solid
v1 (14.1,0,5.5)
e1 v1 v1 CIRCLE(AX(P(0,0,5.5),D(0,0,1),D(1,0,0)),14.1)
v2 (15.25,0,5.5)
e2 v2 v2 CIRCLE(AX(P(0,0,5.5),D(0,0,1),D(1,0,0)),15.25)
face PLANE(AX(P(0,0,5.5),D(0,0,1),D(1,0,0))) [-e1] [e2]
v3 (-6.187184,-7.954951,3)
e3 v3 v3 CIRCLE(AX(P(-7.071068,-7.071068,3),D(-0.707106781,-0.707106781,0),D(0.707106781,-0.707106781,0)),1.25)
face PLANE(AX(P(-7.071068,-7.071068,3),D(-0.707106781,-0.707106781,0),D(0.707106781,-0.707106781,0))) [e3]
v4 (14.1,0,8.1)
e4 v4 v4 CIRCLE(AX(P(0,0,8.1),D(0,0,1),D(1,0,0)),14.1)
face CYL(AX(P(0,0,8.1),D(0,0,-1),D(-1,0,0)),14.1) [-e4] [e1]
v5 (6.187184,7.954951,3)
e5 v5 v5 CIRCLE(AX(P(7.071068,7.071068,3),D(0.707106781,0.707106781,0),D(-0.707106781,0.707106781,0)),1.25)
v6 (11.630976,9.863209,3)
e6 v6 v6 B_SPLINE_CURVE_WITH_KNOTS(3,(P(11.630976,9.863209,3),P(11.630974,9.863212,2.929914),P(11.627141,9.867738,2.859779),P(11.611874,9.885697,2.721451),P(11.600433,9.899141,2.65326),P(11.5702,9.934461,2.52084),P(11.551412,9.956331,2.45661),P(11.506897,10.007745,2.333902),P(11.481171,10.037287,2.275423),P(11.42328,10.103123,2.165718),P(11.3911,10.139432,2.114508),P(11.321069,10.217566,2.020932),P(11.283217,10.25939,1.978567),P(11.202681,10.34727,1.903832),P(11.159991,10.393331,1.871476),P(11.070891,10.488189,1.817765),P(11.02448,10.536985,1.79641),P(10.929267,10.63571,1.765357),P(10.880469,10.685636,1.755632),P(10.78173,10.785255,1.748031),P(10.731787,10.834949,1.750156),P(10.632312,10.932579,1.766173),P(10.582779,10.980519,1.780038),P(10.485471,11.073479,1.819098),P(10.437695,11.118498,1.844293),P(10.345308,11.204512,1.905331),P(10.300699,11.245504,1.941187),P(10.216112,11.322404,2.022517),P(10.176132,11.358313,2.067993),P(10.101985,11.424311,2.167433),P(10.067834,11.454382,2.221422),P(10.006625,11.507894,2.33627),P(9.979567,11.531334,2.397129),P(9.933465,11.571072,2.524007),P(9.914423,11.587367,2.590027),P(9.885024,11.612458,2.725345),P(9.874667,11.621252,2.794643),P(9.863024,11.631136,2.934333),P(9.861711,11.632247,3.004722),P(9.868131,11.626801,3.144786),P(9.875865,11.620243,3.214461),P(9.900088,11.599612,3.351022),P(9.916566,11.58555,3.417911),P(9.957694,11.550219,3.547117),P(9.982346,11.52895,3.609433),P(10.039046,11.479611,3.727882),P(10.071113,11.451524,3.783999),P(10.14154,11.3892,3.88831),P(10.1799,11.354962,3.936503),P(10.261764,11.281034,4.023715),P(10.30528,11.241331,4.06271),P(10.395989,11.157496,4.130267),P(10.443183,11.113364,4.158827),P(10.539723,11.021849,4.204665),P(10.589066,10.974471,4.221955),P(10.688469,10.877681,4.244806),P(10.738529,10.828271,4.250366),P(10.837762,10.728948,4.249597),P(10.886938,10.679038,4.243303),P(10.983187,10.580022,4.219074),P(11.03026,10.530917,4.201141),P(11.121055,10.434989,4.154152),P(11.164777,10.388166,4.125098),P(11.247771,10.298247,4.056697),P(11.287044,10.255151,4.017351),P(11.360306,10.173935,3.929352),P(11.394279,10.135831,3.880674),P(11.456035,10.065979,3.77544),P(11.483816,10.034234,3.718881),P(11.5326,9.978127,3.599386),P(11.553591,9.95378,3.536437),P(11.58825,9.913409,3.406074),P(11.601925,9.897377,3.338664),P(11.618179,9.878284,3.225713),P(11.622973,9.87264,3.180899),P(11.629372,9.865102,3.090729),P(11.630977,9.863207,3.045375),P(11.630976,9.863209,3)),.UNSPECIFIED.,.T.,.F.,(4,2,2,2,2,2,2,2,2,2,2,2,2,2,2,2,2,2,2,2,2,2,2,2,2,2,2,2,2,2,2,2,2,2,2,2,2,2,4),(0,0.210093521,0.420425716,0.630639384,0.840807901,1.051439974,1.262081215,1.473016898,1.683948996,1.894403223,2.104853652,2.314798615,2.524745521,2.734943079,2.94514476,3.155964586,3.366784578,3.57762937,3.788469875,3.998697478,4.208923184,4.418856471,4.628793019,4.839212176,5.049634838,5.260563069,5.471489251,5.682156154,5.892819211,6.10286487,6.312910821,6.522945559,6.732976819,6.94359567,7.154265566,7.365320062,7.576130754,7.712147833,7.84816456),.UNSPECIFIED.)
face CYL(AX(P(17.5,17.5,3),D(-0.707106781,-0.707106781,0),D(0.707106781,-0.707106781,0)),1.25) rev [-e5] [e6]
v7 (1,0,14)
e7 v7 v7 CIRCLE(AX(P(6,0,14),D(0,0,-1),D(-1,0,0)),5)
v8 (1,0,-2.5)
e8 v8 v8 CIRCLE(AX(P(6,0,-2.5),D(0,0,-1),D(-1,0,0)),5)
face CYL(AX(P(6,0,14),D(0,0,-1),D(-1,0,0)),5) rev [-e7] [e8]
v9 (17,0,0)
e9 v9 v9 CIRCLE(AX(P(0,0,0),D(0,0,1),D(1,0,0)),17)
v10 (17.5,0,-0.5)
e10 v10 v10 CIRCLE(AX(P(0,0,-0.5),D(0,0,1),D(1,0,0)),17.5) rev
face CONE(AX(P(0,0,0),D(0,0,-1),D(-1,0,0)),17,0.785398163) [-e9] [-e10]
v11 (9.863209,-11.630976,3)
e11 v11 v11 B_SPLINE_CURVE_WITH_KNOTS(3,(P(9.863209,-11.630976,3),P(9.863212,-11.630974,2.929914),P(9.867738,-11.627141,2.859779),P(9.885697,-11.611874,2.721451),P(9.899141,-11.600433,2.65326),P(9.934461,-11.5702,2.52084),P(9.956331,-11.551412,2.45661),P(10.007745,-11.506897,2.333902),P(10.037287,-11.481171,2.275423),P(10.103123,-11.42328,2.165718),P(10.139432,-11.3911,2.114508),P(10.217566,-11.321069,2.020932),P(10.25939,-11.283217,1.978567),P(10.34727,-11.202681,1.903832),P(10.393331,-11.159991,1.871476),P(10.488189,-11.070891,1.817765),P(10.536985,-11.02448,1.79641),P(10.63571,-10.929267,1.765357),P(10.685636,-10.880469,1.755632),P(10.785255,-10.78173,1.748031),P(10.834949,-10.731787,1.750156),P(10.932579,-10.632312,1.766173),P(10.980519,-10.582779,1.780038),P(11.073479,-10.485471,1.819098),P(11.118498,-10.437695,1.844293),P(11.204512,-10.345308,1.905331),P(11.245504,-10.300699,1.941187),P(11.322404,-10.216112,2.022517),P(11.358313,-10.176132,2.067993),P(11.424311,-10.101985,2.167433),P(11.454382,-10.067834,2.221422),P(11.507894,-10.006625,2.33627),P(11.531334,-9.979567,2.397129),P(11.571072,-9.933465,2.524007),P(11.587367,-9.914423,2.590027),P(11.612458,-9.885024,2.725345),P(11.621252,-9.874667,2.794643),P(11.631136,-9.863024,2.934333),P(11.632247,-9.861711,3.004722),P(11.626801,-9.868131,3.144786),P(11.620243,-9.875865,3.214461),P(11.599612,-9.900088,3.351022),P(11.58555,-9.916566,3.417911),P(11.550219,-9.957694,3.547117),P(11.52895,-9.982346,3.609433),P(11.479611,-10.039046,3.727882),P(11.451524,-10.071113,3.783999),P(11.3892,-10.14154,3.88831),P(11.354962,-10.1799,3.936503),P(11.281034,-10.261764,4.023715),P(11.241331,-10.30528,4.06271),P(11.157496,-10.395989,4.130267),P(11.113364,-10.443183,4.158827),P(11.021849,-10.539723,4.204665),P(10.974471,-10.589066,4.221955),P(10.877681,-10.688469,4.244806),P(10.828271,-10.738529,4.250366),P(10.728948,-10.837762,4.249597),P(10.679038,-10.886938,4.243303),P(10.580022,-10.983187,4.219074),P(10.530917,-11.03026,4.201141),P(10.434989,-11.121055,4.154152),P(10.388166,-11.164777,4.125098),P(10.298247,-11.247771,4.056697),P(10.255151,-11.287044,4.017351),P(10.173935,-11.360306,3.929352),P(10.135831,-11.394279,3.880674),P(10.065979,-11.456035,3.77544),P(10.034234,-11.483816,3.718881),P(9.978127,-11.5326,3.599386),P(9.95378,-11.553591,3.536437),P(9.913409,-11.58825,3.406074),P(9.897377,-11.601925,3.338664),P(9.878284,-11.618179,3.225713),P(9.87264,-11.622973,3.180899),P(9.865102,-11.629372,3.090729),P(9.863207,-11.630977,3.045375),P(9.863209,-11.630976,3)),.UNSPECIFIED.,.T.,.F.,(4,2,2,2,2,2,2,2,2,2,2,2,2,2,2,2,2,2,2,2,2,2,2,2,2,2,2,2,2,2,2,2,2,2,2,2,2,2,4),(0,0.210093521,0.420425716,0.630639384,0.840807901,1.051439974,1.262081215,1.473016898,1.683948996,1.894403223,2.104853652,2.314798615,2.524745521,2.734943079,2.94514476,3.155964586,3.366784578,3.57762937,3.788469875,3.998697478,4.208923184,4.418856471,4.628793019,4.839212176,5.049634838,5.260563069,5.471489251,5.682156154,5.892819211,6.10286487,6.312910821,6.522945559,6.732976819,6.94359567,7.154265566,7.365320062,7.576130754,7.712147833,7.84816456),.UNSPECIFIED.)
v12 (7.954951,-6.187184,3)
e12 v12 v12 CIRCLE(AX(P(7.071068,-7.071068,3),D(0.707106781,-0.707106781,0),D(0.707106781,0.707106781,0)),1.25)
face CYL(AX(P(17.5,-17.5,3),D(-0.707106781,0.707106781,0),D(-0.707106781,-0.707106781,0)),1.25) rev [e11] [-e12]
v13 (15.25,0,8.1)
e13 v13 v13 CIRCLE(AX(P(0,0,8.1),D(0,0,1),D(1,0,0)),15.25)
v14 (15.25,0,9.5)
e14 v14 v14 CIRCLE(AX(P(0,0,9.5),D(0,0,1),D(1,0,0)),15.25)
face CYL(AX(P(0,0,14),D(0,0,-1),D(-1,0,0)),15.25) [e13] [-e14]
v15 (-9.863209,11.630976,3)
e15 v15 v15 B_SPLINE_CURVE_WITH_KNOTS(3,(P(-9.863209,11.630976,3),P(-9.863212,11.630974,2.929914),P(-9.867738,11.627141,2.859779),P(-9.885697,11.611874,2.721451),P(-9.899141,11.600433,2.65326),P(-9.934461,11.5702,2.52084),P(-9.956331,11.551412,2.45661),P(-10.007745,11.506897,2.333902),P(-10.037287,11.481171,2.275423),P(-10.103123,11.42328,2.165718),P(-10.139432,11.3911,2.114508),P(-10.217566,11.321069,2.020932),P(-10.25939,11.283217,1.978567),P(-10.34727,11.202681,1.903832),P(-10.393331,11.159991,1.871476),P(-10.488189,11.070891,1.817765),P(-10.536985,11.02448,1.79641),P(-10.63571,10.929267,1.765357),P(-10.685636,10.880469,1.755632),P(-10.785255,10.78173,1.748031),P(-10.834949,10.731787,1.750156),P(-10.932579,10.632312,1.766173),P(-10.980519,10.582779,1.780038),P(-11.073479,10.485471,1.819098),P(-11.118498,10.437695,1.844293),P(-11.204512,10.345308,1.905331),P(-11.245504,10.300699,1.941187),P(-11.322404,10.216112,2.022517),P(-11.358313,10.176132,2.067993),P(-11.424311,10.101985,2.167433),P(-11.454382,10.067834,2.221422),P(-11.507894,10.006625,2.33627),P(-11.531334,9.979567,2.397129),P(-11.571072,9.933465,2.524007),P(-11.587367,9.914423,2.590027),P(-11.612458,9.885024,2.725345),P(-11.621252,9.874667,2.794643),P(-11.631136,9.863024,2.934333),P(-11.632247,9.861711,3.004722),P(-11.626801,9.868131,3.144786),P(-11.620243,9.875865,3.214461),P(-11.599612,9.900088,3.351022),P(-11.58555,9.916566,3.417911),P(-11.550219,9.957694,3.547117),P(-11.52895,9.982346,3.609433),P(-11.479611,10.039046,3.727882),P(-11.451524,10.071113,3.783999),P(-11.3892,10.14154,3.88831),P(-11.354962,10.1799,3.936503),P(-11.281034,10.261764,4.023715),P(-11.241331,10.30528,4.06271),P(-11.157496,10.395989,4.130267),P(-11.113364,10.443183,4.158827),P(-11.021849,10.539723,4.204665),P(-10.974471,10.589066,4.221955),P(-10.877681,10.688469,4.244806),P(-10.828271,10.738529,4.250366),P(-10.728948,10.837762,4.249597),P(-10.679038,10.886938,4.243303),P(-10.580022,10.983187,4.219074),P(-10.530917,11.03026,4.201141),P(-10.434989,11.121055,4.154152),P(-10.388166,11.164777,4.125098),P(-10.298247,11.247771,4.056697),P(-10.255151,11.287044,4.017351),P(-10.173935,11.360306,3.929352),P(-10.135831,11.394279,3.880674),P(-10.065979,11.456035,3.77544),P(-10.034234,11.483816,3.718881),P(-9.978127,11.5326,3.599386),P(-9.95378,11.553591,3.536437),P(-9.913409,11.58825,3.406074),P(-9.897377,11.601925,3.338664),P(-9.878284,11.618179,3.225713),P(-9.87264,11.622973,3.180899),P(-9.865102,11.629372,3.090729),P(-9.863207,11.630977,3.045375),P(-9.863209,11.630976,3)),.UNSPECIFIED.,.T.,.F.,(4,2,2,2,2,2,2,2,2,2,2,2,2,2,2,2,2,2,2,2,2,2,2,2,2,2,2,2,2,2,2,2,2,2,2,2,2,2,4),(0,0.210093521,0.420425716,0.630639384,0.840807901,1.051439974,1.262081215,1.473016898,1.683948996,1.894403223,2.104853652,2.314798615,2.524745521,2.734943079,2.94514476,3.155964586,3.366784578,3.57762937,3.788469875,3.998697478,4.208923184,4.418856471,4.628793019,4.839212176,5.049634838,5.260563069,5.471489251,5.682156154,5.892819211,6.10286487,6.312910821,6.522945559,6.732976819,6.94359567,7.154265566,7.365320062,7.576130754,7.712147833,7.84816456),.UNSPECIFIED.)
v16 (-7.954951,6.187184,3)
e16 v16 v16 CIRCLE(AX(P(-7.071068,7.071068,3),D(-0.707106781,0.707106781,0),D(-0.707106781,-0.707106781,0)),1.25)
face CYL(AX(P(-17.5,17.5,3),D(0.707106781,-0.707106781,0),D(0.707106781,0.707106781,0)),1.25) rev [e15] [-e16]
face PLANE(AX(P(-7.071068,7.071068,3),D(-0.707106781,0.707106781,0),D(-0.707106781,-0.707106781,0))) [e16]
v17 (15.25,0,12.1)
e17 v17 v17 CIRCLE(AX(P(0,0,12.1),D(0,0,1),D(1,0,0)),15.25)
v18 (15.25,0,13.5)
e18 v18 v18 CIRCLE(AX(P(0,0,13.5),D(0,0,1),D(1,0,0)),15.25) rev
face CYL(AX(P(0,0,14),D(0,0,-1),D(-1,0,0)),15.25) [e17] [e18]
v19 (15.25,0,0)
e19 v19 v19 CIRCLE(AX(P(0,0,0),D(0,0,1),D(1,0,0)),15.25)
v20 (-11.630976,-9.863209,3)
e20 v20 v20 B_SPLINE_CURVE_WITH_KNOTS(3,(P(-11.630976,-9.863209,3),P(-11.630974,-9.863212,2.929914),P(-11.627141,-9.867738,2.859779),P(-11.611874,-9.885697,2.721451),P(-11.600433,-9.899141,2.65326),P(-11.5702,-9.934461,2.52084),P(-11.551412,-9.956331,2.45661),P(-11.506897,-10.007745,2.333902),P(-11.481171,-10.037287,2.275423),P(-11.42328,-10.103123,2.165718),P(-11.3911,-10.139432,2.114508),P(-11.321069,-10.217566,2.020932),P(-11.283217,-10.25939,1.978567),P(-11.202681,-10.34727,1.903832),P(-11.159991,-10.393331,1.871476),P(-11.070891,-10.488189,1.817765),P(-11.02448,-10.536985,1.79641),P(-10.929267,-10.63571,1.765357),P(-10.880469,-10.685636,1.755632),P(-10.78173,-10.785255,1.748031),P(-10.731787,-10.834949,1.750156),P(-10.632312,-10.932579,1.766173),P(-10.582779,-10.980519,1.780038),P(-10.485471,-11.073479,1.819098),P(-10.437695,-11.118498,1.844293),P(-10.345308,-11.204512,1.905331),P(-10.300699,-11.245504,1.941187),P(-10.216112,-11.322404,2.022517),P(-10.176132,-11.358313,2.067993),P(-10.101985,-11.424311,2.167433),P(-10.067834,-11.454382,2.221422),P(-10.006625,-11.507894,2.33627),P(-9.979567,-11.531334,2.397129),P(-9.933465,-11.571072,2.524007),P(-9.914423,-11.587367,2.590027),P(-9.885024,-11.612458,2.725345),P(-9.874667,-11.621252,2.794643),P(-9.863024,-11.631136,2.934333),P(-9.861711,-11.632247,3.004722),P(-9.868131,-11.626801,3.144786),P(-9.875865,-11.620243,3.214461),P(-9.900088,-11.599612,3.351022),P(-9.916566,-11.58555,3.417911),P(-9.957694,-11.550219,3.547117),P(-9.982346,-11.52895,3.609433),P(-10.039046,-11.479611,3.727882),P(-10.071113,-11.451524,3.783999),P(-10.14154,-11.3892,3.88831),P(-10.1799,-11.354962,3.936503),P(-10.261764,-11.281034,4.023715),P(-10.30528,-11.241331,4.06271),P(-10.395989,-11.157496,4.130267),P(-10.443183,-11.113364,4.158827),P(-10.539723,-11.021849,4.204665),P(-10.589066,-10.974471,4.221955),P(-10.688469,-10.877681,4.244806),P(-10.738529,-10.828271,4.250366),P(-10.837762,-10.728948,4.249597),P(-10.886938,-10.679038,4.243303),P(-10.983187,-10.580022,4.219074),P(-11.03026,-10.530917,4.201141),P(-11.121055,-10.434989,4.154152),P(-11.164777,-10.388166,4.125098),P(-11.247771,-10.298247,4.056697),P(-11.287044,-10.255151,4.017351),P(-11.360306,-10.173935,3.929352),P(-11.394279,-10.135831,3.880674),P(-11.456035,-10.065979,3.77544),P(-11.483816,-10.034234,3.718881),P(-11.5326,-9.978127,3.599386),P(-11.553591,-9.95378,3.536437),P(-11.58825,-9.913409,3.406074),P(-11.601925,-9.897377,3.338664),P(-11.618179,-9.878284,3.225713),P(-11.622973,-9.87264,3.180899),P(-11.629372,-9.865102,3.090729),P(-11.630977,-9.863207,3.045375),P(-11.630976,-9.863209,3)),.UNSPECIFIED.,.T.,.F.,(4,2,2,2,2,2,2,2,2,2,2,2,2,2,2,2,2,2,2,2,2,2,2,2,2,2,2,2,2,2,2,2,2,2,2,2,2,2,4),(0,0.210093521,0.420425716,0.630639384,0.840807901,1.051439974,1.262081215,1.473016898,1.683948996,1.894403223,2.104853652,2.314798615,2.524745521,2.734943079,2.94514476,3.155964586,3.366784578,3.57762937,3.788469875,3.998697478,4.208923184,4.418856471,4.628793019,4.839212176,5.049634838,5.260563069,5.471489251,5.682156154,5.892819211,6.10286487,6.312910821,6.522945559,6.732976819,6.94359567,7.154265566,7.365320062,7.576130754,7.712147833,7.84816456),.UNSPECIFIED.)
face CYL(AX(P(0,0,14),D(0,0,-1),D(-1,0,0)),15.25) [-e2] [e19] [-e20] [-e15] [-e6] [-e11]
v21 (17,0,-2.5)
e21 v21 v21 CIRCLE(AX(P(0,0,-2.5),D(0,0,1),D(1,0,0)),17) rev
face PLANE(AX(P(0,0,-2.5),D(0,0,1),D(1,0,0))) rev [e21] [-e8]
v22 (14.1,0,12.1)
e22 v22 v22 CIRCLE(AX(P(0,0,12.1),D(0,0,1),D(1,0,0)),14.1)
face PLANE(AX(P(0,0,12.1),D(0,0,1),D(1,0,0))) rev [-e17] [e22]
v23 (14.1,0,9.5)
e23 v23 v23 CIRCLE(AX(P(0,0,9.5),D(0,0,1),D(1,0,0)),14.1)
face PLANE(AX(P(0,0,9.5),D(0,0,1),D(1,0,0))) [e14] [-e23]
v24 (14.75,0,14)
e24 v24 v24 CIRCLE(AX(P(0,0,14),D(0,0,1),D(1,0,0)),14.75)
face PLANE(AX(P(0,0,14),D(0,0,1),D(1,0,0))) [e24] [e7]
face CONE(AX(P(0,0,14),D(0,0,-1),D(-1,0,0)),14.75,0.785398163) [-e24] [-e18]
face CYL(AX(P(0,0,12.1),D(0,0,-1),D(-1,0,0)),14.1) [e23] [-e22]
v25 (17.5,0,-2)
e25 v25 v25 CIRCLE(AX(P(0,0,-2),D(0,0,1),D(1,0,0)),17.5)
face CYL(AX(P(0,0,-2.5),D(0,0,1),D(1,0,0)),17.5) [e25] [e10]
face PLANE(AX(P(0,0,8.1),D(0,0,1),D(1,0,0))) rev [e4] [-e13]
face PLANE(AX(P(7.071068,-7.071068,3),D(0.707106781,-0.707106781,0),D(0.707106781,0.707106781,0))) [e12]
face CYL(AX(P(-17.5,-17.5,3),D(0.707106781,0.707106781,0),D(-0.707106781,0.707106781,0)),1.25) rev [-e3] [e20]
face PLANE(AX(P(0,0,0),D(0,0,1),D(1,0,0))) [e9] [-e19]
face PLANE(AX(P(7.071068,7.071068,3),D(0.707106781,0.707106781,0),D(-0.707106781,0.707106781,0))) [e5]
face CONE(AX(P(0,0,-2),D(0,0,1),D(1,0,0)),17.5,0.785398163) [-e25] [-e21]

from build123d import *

# Parameters (mm, degrees)
SKETCH_1_R               = 17.5
EXTRUDE_1_DEPTH          = 2.5
SKETCH_1_3_R             = 15.25
EXTRUDE_2_DEPTH          = 14
CUT_EXTRUDE_START        = 5.5
SKETCH_1_4_R             = 15.25
SKETCH_1_4_R_2           = 14.1
CUT_EXTRUDE_1_DEPTH      = 2.6
CUT_EXTRUDE_START_2      = 9.5
SKETCH_1_5_R             = 15.25
SKETCH_1_5_R_2           = 14.1
CUT_EXTRUDE_2_DEPTH      = 2.6
CHAMFER_1_SIZE           = 0.5
SKETCH_2_R               = 5
CUT_EXTRUDE_5_DEPTH      = 30.744747435
CUT_EXTRUDE_START_3      = 10
SKETCH_4_R               = 1.25
CUT_EXTRUDE_6_DEPTH      = 19.434134416
PATTERN_CIRCULAR_1_COUNT = 4


with BuildPart() as part:
    # Эскиз1 → Бобышка-Вытянуть1 (new body)
    with BuildSketch(Plane.XY):
        Circle(SKETCH_1_R)
    extrude(amount=-EXTRUDE_1_DEPTH)

    # Эскиз1<3> → Бобышка-Вытянуть2 (add)
    with BuildSketch(Plane.XY):
        Circle(SKETCH_1_3_R)
    extrude(amount=EXTRUDE_2_DEPTH)

    # Эскиз1<4> → Вырез-Вытянуть1 (cut)
    with BuildSketch(Plane.XY.offset(CUT_EXTRUDE_START)):
        Circle(SKETCH_1_4_R)
        Circle(SKETCH_1_4_R_2, mode=Mode.SUBTRACT)
    extrude(amount=CUT_EXTRUDE_1_DEPTH, mode=Mode.SUBTRACT)

    # Эскиз1<5> → Вырез-Вытянуть2 (cut)
    with BuildSketch(Plane.XY.offset(CUT_EXTRUDE_START_2)):
        Circle(SKETCH_1_5_R)
        Circle(SKETCH_1_5_R_2, mode=Mode.SUBTRACT)
    extrude(amount=CUT_EXTRUDE_2_DEPTH, mode=Mode.SUBTRACT)

    # Фаска1
    chamfer_1_edges = [part.edges().sort_by_distance(p)[0] for p in [
        (-15.25, 0, 14),
        (-17.5, 0, 0),
        (-17.5, 0, -2.5),
    ]]
    chamfer(chamfer_1_edges, length=CHAMFER_1_SIZE)

    # Эскиз2 → Вырез-Вытянуть5 (cut, through all)
    with BuildSketch(Plane(origin=(0, 0, -2.5), x_dir=(-1, 0, 0), z_dir=(0, 0, -1))):
        with Locations((-6, 0)):
            Circle(SKETCH_2_R)
    extrude(amount=-CUT_EXTRUDE_5_DEPTH, mode=Mode.SUBTRACT)

    # Эскиз4 → Вырез-Вытянуть6 (cut, through all)
    with BuildSketch(Plane(origin=(0, 0, 0), x_dir=(0, 0, -1), z_dir=(0.7071067811865488, 0.7071067811865464, 0)).offset(CUT_EXTRUDE_START_3)):
        with Locations((-3, 0)):
            Circle(SKETCH_4_R)
    cut_extrude_6 = extrude(amount=CUT_EXTRUDE_6_DEPTH, mode=Mode.SUBTRACT)

    # Круговой массив1: Вырез-Вытянуть6 ×4 about axis
    pattern_circular_1_axis = Axis((0, 0, 0), (0, 0, -1))
    for i in range(1, PATTERN_CIRCULAR_1_COUNT):
        add(cut_extrude_6.rotate(pattern_circular_1_axis, i * 360 / PATTERN_CIRCULAR_1_COUNT), mode=Mode.SUBTRACT)


solid = part.part
